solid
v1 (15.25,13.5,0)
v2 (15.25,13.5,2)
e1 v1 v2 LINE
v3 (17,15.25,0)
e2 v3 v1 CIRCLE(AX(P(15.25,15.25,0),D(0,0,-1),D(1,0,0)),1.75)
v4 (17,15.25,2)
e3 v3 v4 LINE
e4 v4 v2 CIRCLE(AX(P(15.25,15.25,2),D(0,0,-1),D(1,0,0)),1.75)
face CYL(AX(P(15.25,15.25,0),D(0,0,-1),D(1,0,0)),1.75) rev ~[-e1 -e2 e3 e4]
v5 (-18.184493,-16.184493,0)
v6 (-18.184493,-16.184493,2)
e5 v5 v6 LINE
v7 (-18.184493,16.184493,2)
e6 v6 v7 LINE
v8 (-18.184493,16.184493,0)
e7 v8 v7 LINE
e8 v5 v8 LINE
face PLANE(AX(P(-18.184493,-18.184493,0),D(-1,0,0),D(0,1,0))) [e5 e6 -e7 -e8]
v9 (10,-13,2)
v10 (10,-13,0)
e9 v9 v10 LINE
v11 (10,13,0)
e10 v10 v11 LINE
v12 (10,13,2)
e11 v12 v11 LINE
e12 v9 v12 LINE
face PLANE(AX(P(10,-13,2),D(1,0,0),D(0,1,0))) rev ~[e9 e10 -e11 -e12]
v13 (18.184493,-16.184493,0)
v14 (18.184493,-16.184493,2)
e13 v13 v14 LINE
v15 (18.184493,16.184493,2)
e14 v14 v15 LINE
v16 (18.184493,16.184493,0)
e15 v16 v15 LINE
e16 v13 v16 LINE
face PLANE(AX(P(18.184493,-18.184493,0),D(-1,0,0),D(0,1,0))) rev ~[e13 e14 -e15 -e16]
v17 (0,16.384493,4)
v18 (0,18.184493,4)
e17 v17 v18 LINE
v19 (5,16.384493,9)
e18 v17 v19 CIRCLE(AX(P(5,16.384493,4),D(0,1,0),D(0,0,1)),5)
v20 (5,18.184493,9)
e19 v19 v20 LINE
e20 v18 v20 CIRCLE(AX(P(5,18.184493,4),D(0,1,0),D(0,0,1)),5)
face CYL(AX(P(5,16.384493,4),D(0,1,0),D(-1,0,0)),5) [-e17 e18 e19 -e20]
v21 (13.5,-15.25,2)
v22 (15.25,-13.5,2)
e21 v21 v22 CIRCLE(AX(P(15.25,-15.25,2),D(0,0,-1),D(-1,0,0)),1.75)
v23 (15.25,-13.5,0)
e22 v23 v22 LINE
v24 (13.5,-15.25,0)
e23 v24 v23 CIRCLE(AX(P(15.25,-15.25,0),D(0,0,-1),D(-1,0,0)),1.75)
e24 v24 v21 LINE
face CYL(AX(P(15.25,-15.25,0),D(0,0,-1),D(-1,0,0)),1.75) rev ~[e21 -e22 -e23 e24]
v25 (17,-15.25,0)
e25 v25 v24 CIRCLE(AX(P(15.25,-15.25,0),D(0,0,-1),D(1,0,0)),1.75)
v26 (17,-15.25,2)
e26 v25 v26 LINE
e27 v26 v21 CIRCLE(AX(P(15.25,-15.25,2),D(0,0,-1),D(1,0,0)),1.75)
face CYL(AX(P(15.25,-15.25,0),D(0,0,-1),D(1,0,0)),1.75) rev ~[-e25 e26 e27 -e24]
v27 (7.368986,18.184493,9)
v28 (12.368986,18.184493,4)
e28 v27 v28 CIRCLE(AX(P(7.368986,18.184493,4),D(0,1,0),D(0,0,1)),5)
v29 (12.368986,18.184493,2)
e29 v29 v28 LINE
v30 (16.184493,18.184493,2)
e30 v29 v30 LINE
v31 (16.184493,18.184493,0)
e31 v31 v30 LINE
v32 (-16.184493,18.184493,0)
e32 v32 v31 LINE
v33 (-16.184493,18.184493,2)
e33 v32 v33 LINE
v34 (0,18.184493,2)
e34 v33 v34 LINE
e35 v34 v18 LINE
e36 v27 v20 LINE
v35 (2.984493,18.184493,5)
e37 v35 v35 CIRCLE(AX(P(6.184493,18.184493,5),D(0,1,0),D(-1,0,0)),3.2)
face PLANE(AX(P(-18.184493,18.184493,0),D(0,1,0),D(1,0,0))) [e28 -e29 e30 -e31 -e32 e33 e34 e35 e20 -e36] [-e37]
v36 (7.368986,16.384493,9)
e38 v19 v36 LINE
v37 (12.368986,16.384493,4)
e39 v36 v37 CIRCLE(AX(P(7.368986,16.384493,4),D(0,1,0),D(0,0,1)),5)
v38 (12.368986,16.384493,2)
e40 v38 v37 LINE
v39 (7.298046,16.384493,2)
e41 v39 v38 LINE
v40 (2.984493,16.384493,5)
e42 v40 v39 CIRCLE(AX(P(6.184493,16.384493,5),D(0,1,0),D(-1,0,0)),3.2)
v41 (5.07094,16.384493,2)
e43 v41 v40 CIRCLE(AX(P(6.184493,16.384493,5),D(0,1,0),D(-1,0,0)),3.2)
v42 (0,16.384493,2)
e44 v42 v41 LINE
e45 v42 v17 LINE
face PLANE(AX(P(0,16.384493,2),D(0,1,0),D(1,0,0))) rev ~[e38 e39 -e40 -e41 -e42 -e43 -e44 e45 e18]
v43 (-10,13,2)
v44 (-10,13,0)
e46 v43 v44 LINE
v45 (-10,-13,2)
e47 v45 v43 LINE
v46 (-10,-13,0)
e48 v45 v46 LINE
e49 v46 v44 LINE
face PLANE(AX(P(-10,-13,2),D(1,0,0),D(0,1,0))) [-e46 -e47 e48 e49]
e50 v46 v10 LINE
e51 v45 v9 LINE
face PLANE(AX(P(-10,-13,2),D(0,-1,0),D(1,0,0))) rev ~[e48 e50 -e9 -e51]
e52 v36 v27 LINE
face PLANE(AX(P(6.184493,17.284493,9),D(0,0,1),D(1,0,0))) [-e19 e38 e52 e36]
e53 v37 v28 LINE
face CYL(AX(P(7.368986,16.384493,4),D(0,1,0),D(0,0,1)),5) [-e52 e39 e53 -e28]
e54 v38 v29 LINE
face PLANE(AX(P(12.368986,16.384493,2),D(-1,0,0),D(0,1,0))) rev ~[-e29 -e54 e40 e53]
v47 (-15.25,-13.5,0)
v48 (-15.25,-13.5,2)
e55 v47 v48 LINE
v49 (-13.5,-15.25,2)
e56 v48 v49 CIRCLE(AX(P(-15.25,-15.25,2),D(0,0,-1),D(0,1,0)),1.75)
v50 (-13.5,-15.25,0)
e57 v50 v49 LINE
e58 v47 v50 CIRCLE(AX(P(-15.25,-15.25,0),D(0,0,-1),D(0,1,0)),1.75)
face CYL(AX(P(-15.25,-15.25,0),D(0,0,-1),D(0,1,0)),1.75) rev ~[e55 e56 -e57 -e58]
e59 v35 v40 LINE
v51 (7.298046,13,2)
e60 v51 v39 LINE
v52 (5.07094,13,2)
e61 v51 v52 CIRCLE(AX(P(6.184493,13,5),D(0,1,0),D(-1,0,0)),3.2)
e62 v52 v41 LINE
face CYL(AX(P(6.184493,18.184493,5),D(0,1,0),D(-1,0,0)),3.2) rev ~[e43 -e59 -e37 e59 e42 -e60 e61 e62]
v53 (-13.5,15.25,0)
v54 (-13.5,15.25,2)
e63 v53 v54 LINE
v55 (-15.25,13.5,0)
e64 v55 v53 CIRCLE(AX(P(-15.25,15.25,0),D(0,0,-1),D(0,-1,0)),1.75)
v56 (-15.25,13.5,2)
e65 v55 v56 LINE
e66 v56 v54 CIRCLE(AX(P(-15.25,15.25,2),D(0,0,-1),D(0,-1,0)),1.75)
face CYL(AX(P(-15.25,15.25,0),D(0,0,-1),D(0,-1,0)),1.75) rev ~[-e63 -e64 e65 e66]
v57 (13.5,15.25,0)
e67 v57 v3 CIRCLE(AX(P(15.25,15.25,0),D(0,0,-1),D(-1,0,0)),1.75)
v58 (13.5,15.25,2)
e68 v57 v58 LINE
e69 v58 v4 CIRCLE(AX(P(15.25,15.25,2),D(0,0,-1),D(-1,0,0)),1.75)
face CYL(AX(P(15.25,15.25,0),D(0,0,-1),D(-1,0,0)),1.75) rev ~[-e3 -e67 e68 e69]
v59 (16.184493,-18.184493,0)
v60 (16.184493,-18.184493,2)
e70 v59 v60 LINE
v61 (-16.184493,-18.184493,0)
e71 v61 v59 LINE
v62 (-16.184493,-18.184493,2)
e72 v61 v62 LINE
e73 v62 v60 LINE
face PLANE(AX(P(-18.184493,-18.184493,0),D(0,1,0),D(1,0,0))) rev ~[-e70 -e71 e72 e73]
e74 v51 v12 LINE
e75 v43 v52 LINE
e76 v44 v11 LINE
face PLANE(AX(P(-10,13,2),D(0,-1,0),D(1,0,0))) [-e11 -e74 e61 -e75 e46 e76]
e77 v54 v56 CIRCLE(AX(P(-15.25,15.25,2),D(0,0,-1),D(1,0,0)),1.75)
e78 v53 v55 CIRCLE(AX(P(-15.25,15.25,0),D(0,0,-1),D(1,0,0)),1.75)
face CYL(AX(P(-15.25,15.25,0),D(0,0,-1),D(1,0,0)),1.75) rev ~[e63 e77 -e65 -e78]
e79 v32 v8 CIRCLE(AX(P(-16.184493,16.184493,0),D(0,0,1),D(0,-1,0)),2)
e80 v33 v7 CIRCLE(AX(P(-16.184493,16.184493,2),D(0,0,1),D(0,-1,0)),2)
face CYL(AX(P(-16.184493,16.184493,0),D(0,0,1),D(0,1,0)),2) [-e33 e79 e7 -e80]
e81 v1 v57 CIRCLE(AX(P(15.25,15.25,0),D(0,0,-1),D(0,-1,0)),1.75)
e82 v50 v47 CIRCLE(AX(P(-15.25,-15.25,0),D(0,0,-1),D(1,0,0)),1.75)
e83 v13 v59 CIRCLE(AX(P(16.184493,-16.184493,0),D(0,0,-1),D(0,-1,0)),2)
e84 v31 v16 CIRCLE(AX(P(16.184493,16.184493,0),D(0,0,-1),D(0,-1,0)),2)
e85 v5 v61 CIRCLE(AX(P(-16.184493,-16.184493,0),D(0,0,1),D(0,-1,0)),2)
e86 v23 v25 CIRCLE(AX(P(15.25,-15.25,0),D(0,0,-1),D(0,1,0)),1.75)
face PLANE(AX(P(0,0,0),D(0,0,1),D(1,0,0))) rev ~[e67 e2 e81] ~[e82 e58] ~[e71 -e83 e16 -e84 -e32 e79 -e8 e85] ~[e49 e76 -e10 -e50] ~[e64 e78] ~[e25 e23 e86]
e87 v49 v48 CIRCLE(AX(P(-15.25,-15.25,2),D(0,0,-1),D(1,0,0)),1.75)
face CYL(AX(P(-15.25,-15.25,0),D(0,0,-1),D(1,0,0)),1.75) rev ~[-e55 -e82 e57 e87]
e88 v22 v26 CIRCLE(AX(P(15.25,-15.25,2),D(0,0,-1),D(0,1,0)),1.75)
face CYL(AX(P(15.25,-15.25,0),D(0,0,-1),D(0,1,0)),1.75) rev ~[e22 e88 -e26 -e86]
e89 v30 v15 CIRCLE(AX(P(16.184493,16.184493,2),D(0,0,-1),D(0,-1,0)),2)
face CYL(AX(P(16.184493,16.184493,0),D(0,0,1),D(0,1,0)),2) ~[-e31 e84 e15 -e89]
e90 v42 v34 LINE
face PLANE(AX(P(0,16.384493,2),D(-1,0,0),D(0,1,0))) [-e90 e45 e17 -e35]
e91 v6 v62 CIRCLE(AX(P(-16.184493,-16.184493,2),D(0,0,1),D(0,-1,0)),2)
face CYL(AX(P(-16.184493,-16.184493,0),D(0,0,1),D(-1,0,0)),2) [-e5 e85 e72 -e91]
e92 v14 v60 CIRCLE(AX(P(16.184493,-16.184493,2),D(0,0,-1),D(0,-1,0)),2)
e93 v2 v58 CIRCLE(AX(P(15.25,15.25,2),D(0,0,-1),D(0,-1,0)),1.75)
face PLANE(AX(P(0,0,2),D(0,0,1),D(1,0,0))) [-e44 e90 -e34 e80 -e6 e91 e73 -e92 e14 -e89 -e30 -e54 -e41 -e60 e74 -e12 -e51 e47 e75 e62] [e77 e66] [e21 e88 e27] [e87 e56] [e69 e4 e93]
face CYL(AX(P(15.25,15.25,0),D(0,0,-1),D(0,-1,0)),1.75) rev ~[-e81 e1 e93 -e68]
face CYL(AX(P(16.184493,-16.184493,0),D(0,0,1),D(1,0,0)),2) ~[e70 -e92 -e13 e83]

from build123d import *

# Parameters (mm, degrees)
F0_W     = 36.3689862838
F0_H     = 36.3689862838
F1_DEPTH = 2
F2_W     = 20
F2_H     = 26
F3_DEPTH = 25
F4_W     = 6
F4_H     = 1.8
F4_W_2   = 3.1844931419
F5_DEPTH = 7
F6_R     = 3.2
F7_DEPTH = 25
F8_R     = 5
F9_R     = 2


with BuildPart() as f1:
    # F0 (on Top) → F1 (new body)
    with BuildSketch(Plane.XY):
        Rectangle(F0_W, F0_H)
        with BuildLine():
            ThreePointArc((-15.25, 13.5), (-16.4874368671, 16.4874368671), (-13.5, 15.25))
            Line((-13.5, 15.25), (13.5, 15.25))
            ThreePointArc((13.5, 15.25), (15.25, 17), (17, 15.25))
            ThreePointArc((17, 15.25), (16.4874368671, 14.0125631329), (15.25, 13.5))
            Line((15.25, 13.5), (15.25, -13.5))
            ThreePointArc((15.25, -13.5), (16.4874368671, -14.0125631329), (17, -15.25))
            ThreePointArc((17, -15.25), (15.25, -17), (13.5, -15.25))
            Line((13.5, -15.25), (-13.5, -15.25))
            ThreePointArc((-13.5, -15.25), (-16.4874368671, -16.4874368671), (-15.25, -13.5))
            Line((-15.25, -13.5), (-15.25, 13.5))
        make_face(mode=Mode.SUBTRACT)
        with BuildLine():
            Line((13.5, 15.25), (-13.5, 15.25))
            ThreePointArc((-13.5, 15.25), (-14.0125631329, 14.0125631329), (-15.25, 13.5))
            Line((-15.25, 13.5), (-15.25, -13.5))
            ThreePointArc((-15.25, -13.5), (-14.0125631329, -14.0125631329), (-13.5, -15.25))
            Line((-13.5, -15.25), (13.5, -15.25))
            ThreePointArc((13.5, -15.25), (14.0125631329, -14.0125631329), (15.25, -13.5))
            Line((15.25, -13.5), (15.25, 13.5))
            ThreePointArc((15.25, 13.5), (14.0125631329, 14.0125631329), (13.5, 15.25))
        make_face()
    extrude(amount=F1_DEPTH)

    # F2 (on face) → F3 (cut)
    with BuildSketch(Plane.XY.offset(2)):
        Rectangle(F2_W, F2_H)
    extrude(amount=-F3_DEPTH, mode=Mode.SUBTRACT)

    # F4 (on face) → F5 (join)
    with BuildSketch(Plane.XY.offset(2)):
        with Locations((6.1844931419, 17.2844931419)):
            Rectangle(F4_W, F4_H)
        with Locations((1.592246571, 17.2844931419)):
            Rectangle(F4_W_2, F4_H)
        with Locations((10.7767397129, 17.2844931419)):
            Rectangle(F4_W_2, F4_H)
    extrude(amount=F5_DEPTH)

    # F6 (on face) → F7 (cut)
    with BuildSketch(Plane(origin=(0, 18.1844931419, 0), x_dir=(-1, 0, 0), z_dir=(0, 1, 0))):
        with Locations((-6.1844931419, 5)):
            Circle(F6_R)
    extrude(amount=-F7_DEPTH, mode=Mode.SUBTRACT)

    # F8
    f8_edges = [f1.edges().sort_by_distance(p)[0] for p in [
        (12.368986, 17.284493, 9),
        (0, 17.284493, 9),
    ]]
    fillet(f8_edges, radius=F8_R)

    # F9
    f9_edges = [f1.edges().sort_by_distance(p)[0] for p in [
        (-18.184493, 18.184493, 1),
        (-18.184493, -18.184493, 1),
        (18.184493, 18.184493, 1),
        (18.184493, -18.184493, 1),
    ]]
    fillet(f9_edges, radius=F9_R)


solid = f1.part
